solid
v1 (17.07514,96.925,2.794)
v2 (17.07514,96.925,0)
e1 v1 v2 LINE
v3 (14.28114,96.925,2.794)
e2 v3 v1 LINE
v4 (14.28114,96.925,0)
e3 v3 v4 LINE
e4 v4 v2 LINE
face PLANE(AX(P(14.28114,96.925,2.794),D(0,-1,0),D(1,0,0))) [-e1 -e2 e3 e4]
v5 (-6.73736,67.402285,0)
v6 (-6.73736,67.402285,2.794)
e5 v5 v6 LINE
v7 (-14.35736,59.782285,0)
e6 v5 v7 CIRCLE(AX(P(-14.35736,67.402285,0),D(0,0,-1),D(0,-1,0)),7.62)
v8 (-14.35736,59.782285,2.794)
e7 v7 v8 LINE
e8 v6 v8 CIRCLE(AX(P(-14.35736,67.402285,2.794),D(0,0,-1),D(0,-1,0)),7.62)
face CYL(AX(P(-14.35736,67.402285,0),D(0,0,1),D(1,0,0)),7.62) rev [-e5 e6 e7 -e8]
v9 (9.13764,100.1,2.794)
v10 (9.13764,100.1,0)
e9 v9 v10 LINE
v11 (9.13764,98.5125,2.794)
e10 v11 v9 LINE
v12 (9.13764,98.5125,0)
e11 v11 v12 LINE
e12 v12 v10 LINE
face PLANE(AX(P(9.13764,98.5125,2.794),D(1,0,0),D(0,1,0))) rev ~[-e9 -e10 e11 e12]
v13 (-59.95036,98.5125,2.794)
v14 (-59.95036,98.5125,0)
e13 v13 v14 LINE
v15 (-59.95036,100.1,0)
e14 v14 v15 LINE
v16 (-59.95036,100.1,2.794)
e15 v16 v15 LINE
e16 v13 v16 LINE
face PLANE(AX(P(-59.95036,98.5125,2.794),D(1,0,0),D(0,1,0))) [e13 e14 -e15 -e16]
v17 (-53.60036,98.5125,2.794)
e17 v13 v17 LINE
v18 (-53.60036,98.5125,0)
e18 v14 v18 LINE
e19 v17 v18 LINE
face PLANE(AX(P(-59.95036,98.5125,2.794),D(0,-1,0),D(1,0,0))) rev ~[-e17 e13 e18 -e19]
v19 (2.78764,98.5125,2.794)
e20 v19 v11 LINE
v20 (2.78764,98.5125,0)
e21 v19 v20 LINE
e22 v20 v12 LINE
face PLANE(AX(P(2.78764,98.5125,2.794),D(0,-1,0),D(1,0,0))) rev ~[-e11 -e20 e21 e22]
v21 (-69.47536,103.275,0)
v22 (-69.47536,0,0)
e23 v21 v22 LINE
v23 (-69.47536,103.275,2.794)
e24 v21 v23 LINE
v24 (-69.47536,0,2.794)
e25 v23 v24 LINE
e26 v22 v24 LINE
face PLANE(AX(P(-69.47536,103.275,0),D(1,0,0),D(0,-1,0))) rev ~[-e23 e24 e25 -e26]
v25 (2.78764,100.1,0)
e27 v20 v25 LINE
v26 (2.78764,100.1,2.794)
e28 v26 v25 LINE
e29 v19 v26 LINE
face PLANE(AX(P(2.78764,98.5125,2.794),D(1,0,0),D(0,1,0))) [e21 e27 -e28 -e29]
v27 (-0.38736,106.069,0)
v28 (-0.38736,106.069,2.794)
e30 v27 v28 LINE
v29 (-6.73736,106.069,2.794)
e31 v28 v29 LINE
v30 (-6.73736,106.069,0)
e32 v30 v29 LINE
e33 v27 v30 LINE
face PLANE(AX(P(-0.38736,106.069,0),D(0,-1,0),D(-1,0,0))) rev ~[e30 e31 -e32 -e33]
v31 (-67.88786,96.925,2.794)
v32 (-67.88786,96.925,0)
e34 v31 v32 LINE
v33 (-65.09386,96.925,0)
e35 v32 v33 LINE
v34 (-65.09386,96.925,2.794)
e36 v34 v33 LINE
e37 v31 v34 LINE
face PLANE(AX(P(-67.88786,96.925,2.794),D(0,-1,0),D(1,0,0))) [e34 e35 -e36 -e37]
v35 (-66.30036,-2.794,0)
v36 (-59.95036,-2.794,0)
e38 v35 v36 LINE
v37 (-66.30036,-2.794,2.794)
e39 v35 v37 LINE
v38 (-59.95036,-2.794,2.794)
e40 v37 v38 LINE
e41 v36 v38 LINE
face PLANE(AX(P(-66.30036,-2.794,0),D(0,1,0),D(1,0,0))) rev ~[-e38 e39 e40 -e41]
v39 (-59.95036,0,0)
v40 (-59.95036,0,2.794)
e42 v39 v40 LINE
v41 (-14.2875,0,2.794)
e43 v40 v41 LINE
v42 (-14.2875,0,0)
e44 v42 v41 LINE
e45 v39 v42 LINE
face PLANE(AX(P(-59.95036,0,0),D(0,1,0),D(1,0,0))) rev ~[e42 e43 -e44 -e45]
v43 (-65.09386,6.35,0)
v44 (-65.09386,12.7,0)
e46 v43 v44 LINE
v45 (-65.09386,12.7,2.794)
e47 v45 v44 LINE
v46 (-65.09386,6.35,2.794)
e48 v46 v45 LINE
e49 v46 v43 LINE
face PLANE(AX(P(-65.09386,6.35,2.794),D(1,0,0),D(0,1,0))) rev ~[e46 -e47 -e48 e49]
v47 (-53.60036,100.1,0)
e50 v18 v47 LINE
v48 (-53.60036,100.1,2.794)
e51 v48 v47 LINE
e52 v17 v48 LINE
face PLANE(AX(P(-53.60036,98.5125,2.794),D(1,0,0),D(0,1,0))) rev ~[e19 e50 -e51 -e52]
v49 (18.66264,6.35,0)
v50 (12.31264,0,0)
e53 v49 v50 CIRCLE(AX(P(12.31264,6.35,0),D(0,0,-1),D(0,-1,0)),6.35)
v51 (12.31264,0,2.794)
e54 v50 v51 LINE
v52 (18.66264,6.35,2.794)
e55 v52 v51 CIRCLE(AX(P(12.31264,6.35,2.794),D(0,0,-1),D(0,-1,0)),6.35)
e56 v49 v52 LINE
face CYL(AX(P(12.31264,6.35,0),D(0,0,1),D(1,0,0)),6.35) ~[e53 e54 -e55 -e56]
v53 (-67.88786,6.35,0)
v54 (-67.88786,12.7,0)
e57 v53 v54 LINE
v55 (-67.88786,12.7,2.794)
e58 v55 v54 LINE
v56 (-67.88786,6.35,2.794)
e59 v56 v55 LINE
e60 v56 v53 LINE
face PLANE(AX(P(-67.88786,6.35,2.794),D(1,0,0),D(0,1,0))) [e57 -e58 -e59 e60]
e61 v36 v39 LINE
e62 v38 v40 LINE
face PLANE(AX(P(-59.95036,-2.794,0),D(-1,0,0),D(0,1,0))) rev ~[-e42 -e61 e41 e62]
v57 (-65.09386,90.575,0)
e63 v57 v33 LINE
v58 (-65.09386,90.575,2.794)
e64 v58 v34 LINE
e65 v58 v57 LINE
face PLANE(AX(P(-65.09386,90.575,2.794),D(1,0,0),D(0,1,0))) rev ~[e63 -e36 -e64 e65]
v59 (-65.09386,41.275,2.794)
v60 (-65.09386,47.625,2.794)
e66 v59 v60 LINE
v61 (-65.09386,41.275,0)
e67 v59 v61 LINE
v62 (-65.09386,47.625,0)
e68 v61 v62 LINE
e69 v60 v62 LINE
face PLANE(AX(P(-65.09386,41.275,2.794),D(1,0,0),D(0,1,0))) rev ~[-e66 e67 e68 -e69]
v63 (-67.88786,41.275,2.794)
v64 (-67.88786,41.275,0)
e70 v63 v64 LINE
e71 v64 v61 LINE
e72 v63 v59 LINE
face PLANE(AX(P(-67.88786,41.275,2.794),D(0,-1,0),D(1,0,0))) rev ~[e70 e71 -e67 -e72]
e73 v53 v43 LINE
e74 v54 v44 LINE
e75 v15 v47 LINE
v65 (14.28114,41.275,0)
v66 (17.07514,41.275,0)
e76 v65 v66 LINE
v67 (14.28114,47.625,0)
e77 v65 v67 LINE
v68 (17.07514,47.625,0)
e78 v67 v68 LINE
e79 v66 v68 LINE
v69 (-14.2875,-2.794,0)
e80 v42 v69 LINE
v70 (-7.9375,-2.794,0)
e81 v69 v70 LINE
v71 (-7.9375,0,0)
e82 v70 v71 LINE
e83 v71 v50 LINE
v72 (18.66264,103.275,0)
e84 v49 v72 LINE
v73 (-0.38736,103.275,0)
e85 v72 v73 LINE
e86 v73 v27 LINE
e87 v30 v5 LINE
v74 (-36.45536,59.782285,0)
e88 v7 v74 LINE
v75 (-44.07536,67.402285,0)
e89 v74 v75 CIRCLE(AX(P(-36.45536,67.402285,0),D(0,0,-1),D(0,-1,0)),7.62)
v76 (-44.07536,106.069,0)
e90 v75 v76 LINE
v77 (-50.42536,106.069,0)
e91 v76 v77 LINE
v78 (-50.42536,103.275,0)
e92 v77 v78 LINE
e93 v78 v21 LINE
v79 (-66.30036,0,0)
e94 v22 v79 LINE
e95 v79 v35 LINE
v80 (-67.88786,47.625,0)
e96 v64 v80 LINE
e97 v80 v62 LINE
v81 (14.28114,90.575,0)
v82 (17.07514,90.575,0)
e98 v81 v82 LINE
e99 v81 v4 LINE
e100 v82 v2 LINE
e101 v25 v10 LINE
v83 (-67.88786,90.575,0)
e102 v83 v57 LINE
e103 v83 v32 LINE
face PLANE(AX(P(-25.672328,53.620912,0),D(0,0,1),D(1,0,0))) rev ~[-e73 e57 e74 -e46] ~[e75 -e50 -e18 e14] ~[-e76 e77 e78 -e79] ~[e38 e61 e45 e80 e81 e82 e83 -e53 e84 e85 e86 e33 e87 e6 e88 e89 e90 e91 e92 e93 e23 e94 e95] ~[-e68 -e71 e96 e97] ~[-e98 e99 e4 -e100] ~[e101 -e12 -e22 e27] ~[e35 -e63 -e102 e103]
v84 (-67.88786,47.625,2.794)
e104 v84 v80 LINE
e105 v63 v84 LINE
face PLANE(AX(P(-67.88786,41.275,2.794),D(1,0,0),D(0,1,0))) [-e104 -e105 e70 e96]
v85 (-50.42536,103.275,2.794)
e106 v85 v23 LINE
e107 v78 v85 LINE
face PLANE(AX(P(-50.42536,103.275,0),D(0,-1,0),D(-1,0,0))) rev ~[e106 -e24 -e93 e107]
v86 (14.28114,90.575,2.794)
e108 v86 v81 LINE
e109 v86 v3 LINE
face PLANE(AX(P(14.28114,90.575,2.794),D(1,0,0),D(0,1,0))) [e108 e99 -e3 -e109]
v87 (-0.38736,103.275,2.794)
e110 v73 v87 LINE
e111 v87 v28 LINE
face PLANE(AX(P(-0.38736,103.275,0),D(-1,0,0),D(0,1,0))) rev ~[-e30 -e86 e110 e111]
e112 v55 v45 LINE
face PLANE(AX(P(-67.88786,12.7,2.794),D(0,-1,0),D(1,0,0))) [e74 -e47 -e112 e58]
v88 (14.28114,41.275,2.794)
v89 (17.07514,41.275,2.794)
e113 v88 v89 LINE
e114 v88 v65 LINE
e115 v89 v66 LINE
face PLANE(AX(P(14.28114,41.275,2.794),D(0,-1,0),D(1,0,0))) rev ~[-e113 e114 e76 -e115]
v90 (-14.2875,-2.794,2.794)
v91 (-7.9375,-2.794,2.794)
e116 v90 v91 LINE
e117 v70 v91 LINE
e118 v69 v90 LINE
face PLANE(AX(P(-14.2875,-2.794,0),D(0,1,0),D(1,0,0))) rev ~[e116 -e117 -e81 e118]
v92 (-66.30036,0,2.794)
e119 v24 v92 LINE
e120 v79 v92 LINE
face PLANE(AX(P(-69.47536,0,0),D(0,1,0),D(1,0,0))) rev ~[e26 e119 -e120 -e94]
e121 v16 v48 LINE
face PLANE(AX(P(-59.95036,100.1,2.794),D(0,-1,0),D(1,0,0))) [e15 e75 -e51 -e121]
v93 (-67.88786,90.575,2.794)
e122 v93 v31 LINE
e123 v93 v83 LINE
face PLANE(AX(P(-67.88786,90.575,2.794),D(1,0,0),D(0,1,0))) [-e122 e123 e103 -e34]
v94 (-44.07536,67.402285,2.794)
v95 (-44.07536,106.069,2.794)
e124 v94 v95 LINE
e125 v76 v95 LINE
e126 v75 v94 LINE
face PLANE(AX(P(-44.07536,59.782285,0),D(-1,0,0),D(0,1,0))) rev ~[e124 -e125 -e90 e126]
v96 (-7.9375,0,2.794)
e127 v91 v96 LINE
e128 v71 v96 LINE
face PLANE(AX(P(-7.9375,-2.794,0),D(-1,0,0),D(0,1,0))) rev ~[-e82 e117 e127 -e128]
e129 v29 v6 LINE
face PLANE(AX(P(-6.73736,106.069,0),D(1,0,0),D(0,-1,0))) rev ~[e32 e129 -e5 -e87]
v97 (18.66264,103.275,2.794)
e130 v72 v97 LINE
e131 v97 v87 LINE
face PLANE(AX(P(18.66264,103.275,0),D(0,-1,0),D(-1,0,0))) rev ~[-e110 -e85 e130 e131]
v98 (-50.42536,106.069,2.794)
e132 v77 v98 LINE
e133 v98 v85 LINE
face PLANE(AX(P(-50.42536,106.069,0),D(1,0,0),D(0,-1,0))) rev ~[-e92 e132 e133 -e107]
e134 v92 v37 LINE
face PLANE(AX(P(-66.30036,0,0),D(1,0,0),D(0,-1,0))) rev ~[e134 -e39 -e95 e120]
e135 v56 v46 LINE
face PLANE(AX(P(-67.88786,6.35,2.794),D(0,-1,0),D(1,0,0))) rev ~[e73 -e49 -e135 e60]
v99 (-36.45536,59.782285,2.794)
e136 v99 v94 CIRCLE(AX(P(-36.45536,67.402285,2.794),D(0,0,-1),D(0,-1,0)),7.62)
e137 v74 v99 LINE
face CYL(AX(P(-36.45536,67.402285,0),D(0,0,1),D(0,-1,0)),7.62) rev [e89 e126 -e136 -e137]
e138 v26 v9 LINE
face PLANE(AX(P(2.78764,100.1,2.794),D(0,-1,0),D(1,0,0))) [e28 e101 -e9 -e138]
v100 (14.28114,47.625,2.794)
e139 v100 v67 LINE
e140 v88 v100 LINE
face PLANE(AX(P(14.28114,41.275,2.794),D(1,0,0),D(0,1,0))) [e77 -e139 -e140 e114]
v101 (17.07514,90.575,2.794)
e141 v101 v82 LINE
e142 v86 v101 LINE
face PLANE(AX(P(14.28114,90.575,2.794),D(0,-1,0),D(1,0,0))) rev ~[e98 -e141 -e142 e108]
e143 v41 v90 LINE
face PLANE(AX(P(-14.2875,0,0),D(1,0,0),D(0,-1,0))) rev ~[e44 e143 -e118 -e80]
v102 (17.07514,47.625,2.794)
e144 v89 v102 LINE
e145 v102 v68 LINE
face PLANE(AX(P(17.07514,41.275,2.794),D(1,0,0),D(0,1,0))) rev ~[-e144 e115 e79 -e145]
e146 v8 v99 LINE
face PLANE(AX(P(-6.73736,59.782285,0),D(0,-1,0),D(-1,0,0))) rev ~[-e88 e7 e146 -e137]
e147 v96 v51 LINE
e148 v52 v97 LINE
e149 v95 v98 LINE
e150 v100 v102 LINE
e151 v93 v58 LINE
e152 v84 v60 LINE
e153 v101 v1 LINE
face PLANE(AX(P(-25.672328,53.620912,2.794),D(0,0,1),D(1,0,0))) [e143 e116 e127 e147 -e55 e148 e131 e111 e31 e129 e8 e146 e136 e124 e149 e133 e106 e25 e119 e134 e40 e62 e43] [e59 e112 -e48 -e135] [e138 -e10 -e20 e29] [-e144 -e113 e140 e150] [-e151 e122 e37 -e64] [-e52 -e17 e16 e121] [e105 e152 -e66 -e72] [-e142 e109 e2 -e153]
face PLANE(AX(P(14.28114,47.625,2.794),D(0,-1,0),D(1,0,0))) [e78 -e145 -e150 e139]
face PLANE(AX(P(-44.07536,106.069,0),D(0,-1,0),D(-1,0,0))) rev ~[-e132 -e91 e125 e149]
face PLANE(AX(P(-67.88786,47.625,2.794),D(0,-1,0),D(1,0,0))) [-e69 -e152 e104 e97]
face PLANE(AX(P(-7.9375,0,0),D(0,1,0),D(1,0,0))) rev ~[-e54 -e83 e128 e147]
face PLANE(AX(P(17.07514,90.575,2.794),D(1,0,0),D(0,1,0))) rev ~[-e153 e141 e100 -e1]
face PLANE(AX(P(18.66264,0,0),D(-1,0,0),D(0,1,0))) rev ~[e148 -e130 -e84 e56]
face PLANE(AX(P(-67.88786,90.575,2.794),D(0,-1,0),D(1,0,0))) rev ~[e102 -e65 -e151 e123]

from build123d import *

# Parameters (mm, degrees)
BOSS_EXTRUDE1_DEPTH = 2.794
FILLET1_R           = 7.62
SKETCH2_W           = 6.35
SKETCH2_H           = 1.5875
SKETCH2_W_2         = 2.794
SKETCH2_H_2         = 6.35
CUT_EXTRUDE1_DEPTH  = 127.827697441
FILLET2_R           = 6.35


with BuildPart() as part:
    # Sketch1 → Boss-Extrude1 (new body)
    with BuildSketch(Plane.XY):
        Polygon((18.662640042, 103.275), (-0.387359958, 103.275), (-0.387359958, 106.069), (-6.737359958, 106.069), (-6.737359958, 59.782284891), (-44.075359958, 59.782284891), (-44.075359958, 106.069), (-50.425359958, 106.069), (-50.425359958, 103.275), (-69.475359958, 103.275), (-69.475359958, 0), (-66.300359958, 0), (-66.300359958, -2.794), (-59.950359958, -2.794), (-59.950359958, 0), (-14.2875, 0), (-14.2875, -2.794), (-7.9375, -2.794), (-7.9375, 0), (18.662640042, 0), align=None)
    extrude(amount=BOSS_EXTRUDE1_DEPTH)

    # Fillet1
    fillet1_edges = [part.edges().sort_by_distance(p)[0] for p in [
        (-44.075359958, 59.782284891, 1.397),
        (-6.737359958, 59.782284891, 1.397),
    ]]
    fillet(fillet1_edges, radius=FILLET1_R)

    # Sketch2 → Cut-Extrude1 (cut, through all)
    with BuildSketch(Plane.XY.offset(2.794)):
        with Locations((-56.775359958, 99.30625)):
            Rectangle(SKETCH2_W, SKETCH2_H)
        with Locations((5.962640042, 99.30625)):
            Rectangle(SKETCH2_W, SKETCH2_H)
        with Locations((15.678140042, 44.45)):
            Rectangle(SKETCH2_W_2, SKETCH2_H_2)
        with Locations((15.678140042, 93.75)):
            Rectangle(SKETCH2_W_2, SKETCH2_H_2)
        with Locations((-66.490859958, 93.75)):
            Rectangle(SKETCH2_W_2, SKETCH2_H_2)
        with Locations((-66.490859958, 44.45)):
            Rectangle(SKETCH2_W_2, SKETCH2_H_2)
        with Locations((-66.490859958, 9.525)):
            Rectangle(SKETCH2_W_2, SKETCH2_H_2)
    extrude(amount=-CUT_EXTRUDE1_DEPTH, mode=Mode.SUBTRACT)

    # Fillet2
    fillet2_edges = [part.edges().sort_by_distance(p)[0] for p in [
        (18.662640042, 0, 1.397),
    ]]
    fillet(fillet2_edges, radius=FILLET2_R)


solid = part.part
